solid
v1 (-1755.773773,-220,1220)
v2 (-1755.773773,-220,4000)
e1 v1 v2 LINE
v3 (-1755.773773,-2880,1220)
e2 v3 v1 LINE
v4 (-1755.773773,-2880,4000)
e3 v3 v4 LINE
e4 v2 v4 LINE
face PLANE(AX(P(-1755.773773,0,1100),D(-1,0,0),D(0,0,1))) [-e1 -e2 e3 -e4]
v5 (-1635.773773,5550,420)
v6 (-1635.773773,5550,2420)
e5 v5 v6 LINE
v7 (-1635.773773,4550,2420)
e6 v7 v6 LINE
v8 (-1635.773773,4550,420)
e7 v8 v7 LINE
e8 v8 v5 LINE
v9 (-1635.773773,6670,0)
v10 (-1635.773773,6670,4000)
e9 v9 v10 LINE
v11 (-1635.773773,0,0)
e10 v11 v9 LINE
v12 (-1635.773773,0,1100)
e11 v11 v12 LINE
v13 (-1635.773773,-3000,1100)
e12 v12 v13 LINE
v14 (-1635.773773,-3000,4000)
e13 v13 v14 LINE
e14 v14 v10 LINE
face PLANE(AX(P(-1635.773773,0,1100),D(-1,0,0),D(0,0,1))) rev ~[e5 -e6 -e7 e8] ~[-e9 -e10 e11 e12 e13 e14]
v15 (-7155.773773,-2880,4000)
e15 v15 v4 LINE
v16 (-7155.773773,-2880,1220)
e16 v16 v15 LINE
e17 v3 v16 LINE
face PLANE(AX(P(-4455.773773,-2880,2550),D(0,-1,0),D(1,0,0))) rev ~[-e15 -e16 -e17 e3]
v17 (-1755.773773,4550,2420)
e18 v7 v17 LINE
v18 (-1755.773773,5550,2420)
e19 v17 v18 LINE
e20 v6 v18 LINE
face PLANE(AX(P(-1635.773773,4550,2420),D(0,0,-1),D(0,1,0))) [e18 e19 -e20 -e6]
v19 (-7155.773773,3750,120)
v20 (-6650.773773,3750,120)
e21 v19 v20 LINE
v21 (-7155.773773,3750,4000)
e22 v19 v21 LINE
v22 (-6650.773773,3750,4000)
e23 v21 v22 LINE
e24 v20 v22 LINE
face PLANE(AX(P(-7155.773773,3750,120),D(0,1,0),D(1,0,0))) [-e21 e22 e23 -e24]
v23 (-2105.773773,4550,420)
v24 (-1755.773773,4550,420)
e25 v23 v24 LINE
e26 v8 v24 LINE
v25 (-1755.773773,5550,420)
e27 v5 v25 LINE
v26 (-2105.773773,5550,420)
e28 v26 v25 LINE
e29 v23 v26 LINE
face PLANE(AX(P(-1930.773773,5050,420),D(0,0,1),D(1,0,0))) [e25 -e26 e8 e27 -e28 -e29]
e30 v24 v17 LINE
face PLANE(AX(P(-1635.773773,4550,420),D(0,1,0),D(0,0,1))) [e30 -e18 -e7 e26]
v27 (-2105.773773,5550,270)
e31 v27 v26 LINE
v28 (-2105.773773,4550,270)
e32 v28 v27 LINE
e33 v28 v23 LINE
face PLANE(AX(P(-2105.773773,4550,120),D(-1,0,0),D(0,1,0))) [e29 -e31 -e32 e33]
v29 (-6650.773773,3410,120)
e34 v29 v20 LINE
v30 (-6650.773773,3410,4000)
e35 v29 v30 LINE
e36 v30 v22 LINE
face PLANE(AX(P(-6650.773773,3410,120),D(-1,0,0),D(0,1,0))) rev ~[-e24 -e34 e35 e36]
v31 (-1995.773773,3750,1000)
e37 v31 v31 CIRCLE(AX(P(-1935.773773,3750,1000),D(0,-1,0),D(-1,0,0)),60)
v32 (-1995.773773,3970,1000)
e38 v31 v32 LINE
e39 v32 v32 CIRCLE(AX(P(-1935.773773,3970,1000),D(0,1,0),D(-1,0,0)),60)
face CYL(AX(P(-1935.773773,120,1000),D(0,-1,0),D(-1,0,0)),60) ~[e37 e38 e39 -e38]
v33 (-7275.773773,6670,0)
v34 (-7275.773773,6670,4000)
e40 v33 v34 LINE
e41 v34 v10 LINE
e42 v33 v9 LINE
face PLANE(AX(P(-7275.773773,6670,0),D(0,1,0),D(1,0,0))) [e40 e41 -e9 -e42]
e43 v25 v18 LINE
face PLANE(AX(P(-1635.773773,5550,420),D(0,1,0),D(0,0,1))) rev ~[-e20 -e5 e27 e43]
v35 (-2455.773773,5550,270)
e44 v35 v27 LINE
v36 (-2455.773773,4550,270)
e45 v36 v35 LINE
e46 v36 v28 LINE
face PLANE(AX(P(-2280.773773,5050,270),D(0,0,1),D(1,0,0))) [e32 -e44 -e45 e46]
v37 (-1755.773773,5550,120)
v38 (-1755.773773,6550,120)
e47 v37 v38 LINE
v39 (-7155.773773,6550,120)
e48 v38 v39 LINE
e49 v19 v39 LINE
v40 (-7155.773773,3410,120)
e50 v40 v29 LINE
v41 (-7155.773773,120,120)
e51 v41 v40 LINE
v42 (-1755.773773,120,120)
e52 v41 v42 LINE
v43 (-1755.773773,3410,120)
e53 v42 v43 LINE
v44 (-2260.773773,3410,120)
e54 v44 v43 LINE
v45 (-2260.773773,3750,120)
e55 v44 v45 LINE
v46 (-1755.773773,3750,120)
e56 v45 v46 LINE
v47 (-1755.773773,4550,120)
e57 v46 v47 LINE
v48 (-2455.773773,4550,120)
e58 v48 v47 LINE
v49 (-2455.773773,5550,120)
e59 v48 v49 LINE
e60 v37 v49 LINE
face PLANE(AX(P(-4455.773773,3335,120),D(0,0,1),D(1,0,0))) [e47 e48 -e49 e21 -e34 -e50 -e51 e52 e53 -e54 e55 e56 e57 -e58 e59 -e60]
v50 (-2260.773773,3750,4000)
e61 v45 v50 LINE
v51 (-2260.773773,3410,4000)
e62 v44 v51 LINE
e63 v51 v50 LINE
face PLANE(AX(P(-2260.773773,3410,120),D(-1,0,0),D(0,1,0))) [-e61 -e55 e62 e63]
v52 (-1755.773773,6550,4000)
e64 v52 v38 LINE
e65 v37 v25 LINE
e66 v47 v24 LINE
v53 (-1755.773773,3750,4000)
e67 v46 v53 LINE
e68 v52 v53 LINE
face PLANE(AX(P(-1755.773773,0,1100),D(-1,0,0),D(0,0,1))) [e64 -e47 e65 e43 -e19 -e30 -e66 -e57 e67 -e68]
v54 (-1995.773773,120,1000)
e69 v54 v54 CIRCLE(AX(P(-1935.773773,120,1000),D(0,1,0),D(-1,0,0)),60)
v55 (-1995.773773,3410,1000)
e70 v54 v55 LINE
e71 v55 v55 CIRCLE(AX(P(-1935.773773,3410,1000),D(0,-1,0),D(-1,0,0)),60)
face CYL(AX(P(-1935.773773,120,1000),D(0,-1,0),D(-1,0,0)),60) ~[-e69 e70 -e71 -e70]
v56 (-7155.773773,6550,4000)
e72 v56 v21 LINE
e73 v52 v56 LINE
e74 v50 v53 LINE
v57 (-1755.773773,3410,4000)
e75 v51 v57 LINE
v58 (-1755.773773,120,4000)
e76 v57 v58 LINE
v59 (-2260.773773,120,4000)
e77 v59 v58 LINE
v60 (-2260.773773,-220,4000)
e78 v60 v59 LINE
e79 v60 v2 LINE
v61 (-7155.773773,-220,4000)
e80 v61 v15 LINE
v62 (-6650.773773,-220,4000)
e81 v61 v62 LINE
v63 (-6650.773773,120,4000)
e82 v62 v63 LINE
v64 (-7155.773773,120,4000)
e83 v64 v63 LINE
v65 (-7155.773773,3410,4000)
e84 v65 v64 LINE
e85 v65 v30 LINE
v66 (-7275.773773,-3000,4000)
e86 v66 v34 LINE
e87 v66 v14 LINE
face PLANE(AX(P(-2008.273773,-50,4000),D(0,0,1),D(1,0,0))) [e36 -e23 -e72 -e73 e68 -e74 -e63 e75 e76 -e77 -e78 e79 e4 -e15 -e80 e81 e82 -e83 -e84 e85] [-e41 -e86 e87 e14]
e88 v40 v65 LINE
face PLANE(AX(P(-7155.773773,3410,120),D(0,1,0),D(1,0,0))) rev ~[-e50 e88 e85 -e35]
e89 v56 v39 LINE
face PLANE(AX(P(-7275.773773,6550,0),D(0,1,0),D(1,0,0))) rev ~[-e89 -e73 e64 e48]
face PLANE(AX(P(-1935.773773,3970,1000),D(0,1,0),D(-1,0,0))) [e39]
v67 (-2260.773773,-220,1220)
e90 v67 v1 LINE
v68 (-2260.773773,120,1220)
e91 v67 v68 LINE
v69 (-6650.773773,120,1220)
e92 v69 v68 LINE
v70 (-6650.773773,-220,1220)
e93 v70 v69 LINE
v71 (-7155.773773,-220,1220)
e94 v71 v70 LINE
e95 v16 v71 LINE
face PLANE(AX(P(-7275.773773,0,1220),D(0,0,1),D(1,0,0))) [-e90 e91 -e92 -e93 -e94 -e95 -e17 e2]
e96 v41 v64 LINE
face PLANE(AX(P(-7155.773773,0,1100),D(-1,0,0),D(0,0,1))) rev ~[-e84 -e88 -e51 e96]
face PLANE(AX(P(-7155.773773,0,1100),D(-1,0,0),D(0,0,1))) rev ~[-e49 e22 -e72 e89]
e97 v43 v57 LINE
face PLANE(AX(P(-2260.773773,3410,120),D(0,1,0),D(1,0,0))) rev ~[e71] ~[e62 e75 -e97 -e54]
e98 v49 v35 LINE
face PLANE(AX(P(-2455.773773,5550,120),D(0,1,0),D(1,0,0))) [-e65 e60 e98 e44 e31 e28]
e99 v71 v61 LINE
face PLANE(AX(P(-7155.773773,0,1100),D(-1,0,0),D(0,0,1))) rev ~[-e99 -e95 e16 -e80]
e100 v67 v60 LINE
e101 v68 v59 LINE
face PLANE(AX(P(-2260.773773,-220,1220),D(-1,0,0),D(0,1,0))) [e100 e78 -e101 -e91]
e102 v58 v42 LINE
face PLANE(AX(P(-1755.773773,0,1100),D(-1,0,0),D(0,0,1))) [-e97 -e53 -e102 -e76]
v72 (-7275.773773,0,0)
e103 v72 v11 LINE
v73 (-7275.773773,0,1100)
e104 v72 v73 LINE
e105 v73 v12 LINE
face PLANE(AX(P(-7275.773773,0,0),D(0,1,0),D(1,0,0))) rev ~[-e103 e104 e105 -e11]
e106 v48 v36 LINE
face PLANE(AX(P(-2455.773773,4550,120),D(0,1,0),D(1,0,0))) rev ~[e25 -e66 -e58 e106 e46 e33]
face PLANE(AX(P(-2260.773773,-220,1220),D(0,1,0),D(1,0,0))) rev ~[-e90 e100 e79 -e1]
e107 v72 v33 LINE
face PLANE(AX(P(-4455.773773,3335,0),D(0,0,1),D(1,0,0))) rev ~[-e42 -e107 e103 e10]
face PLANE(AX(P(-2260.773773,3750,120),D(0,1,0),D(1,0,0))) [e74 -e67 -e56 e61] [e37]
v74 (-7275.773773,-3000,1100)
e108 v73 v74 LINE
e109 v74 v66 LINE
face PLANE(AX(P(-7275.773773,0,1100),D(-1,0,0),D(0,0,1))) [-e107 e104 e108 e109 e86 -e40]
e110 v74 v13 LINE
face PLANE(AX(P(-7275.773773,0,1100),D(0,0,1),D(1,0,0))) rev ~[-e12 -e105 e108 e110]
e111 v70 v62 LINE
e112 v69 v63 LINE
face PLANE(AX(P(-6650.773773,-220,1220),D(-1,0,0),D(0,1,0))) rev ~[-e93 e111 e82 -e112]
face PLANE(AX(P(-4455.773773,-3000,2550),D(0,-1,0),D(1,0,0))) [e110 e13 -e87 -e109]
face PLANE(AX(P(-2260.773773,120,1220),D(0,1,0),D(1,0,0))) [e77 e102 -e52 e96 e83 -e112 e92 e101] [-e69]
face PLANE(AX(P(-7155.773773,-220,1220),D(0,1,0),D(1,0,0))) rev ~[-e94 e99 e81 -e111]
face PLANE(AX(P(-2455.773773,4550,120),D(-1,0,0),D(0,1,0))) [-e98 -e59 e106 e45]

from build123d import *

# Parameters (mm, degrees)
F0_W      = 5640
F0_H      = 6670
F1_DEPTH  = 4000
F2_W      = 5640
F2_H      = 2900
F3_DEPTH  = 3000
F4_T      = -120
F5_W      = 505
F5_H      = 340
F6_DEPTH  = 3880
F7_R      = 60
F8_DEPTH  = 3850
F9_W      = 350
F9_H      = 1000
F10_DEPTH = 300
F11_DEPTH = 150
F12_W     = 1000
F12_H     = 2000
F13_DEPTH = 120
F14_W     = 505
F14_H     = 340
F15_DEPTH = 2780


with BuildPart() as f1:
    # F0 (on Top) → F1 (new body)
    with BuildSketch(Plane.XY):
        with Locations((-4455.7737725742, 3335)):
            Rectangle(F0_W, F0_H)
    extrude(amount=F1_DEPTH)

    # F2 (on face) → F3 (join)
    with BuildSketch(Plane.XZ):
        with Locations((-4455.7737725742, 2550)):
            Rectangle(F2_W, F2_H)
    extrude(amount=F3_DEPTH)

    # F4
    f4_openings = [f1.faces().sort_by_distance(p)[0] for p in [
        (-4455.773773, 1835, 4000),
    ]]
    offset(amount=F4_T, openings=f4_openings, kind=Kind.INTERSECTION)

    # F5 (on face) → F6 (join)
    with BuildSketch(Plane.XY.offset(120)):
        with Locations((-6903.2737725742, 3580)):
            Rectangle(F5_W, F5_H)
        with Locations((-2008.2737725742, 3580)):
            Rectangle(F5_W, F5_H)
    extrude(amount=F6_DEPTH)

    # F7 (on face) → F8 (join)
    with BuildSketch(Plane(origin=(0, 120, 0), x_dir=(-1, 0, 0), z_dir=(0, 1, 0))):
        with Locations((1935.7737725742, 1000)):
            Circle(F7_R)
    extrude(amount=F8_DEPTH)

    # F9 (on face) → F10 (join)
    with BuildSketch(Plane.XY.offset(120)):
        with Locations((-1930.7737725742, 5050)):
            Rectangle(F9_W, F9_H)
    extrude(amount=F10_DEPTH)

    # F9 (on face) → F11 (join)
    with BuildSketch(Plane.XY.offset(120)):
        with Locations((-2280.7737725742, 5050)):
            Rectangle(F9_W, F9_H)
    extrude(amount=F11_DEPTH)

    # F12 (on face) → F13 (cut)
    with BuildSketch(Plane.YZ.offset(-1635.7737725742)):
        with Locations((5050, 1420)):
            Rectangle(F12_W, F12_H)
    extrude(amount=-F13_DEPTH, mode=Mode.SUBTRACT)

    # F14 (on face) → F15 (join)
    with BuildSketch(Plane.XY.offset(1220)):
        with Locations((-2008.2737725742, -50)):
            Rectangle(F14_W, F14_H)
        with Locations((-6903.2737725742, -50)):
            Rectangle(F14_W, F14_H)
    extrude(amount=F15_DEPTH)


solid = f1.part
